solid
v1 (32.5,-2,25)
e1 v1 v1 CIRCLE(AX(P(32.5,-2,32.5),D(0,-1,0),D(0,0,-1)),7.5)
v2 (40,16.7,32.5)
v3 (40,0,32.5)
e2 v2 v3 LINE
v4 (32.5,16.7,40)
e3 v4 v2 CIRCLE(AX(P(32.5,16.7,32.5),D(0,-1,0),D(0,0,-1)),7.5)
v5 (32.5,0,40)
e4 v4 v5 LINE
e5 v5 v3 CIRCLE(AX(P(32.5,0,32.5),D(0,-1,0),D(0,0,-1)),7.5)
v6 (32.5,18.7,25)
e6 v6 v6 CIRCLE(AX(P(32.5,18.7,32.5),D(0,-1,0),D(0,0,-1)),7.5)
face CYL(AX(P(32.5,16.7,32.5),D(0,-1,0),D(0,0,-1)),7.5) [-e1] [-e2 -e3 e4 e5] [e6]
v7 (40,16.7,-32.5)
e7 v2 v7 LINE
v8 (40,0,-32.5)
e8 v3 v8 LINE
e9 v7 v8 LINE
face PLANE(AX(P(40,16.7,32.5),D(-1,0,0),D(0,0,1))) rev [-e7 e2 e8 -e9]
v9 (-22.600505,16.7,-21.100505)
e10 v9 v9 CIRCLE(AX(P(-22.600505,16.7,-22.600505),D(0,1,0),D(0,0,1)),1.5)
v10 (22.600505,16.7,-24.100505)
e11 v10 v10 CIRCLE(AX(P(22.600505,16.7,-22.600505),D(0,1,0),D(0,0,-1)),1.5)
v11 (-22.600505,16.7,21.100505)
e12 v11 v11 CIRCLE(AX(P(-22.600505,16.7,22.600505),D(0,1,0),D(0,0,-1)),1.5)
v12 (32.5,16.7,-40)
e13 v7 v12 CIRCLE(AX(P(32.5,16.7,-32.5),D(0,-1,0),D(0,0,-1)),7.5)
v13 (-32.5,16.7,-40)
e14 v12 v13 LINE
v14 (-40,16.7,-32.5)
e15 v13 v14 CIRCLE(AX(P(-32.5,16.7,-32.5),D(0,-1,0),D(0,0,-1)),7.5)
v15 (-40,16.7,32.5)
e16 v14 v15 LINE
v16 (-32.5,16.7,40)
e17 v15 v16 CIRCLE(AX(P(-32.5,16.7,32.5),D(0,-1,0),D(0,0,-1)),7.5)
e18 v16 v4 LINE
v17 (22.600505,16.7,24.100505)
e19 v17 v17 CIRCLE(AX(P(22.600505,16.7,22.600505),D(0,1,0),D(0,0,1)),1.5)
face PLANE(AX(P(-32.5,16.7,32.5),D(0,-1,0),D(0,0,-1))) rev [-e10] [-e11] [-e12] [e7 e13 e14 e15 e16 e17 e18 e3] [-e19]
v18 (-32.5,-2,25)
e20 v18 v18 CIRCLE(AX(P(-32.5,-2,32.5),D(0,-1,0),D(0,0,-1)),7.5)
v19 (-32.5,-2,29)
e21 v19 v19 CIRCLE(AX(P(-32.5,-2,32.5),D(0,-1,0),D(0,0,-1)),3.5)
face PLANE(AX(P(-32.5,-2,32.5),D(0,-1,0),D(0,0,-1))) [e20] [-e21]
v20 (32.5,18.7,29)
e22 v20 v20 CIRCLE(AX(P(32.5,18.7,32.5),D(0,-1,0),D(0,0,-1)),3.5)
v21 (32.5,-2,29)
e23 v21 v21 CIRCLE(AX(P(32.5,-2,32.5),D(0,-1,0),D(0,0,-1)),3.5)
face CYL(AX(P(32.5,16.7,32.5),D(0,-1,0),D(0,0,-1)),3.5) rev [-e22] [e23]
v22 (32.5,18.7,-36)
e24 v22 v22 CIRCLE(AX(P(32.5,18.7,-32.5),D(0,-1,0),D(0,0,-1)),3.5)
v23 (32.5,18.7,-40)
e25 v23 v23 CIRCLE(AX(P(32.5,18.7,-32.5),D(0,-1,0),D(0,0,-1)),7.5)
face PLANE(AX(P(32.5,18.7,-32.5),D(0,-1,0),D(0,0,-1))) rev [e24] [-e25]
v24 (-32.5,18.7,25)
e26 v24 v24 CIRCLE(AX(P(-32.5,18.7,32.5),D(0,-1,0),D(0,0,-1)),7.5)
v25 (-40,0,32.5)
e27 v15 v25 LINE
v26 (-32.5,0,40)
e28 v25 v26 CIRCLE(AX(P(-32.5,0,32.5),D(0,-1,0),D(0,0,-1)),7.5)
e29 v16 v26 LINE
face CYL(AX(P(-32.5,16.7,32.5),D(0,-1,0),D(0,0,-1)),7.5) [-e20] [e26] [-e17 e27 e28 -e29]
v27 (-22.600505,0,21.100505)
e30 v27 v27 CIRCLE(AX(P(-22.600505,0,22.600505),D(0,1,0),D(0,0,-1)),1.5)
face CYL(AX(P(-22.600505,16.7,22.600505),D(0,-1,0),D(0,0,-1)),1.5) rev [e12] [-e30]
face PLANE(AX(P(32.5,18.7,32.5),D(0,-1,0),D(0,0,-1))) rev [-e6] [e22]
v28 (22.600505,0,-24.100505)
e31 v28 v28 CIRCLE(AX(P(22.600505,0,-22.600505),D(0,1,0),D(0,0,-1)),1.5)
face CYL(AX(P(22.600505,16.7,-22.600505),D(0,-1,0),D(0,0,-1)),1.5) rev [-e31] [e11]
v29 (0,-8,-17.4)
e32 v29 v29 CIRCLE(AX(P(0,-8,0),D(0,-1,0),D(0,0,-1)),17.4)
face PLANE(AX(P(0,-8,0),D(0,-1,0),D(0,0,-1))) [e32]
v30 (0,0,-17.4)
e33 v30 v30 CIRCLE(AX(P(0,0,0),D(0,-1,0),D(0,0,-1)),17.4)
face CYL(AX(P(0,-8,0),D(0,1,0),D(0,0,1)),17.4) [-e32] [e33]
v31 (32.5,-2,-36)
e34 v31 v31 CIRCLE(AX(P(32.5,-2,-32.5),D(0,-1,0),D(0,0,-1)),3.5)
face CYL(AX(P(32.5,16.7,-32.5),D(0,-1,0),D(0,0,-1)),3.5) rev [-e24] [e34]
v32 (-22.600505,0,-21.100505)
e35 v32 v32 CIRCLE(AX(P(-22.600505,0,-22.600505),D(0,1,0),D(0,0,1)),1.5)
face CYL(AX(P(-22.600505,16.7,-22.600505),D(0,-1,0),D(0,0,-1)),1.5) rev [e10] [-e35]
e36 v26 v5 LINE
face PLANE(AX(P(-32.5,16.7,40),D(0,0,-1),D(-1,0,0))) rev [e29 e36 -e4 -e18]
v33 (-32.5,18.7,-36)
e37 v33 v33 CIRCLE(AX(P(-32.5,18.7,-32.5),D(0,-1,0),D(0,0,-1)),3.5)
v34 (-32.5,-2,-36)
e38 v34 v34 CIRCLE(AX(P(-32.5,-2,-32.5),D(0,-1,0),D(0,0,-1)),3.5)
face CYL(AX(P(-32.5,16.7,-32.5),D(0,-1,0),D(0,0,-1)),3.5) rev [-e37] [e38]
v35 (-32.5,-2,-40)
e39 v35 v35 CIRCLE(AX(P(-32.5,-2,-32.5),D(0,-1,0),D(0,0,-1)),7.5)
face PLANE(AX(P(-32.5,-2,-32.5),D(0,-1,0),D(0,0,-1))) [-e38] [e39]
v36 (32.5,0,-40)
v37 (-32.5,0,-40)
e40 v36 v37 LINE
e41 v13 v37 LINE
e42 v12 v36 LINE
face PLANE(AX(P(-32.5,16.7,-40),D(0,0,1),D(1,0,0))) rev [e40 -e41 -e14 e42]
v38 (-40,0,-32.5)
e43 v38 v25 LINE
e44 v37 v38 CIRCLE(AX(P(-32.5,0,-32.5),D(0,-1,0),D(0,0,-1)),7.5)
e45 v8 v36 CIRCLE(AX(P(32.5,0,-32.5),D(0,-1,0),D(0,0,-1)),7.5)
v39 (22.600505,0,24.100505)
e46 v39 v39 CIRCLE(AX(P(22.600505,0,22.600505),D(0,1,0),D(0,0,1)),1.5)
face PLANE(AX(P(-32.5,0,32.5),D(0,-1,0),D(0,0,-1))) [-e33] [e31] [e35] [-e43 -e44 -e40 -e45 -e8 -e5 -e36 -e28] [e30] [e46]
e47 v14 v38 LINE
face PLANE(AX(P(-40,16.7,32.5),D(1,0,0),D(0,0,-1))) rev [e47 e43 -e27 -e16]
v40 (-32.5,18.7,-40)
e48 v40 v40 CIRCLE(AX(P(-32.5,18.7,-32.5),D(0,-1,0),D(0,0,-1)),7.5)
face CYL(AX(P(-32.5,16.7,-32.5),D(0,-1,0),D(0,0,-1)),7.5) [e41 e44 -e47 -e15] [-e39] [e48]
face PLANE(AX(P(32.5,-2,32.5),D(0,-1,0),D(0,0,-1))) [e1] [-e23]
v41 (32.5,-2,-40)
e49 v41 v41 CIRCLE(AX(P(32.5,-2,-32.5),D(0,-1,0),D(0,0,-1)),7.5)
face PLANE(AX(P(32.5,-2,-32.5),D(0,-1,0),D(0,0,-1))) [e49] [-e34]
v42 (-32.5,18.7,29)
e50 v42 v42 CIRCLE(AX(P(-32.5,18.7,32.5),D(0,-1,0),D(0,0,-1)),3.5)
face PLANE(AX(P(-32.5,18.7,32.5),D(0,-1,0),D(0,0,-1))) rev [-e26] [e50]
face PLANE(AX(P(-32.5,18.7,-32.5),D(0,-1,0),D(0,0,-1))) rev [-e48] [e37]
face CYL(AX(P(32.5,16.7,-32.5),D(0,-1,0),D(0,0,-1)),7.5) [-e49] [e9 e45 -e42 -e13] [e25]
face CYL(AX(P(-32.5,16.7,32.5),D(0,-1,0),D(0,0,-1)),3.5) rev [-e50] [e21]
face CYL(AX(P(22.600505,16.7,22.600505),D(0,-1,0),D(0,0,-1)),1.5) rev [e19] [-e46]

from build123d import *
from build123d.topology import SkipClean

# Parameters (mm, degrees)
SKETCH1_R           = 3.5
SKETCH1_R_2         = 1.5
BOSS_EXTRUDE1_DEPTH = 16.7
SKETCH4_R           = 7.5
SKETCH4_R_2         = 3.5
BOSS_EXTRUDE5_DEPTH = 2
SKETCH5_R           = 17.4
BOSS_EXTRUDE7_DEPTH = 8
BOSS_EXTRUDE8_START = -18.7
SKETCH4_2_R         = 7.5
SKETCH4_2_R_2       = 3.5
BOSS_EXTRUDE8_DEPTH = 2


with BuildPart() as part:
    # Sketch1 → Boss-Extrude1 (new body)
    with BuildSketch(Plane(origin=(0, 0, 0), x_dir=(1, 0, 0), z_dir=(0, 1, 0))):
        with BuildLine():
            Line((-32.5, -40), (32.5, -40))
            ThreePointArc((32.5, -40), (37.803300859, -37.803300859), (40, -32.5))
            Line((40, -32.5), (40, 32.5))
            ThreePointArc((40, 32.5), (37.803300859, 37.803300859), (32.5, 40))
            Line((32.5, 40), (-32.5, 40))
            ThreePointArc((-32.5, 40), (-37.803300859, 37.803300859), (-40, 32.5))
            Line((-40, 32.5), (-40, -32.5))
            ThreePointArc((-40, -32.5), (-37.803300859, -37.803300859), (-32.5, -40))
        make_face()
        with Locations(Location((32.5, 32.5, 0), (0, 0, 270))):
            Circle(SKETCH1_R, mode=Mode.SUBTRACT)
        with Locations(Location((-32.5, -32.5, 0), (0, 0, 90))):
            Circle(SKETCH1_R, mode=Mode.SUBTRACT)
        with Locations(Location((-32.5, 32.5, 0), (0, 0, 90))):
            Circle(SKETCH1_R, mode=Mode.SUBTRACT)
        with Locations(Location((32.5, -32.5, 0), (0, 0, 270))):
            Circle(SKETCH1_R, mode=Mode.SUBTRACT)
        with Locations(Location((22.600505063, -22.600505063, 0), (0, 0, 270))):
            Circle(SKETCH1_R_2, mode=Mode.SUBTRACT)
        with Locations(Location((-22.600505063, -22.600505063, 0), (0, 0, 90))):
            Circle(SKETCH1_R_2, mode=Mode.SUBTRACT)
        with Locations(Location((-22.600505063, 22.600505063, 0), (0, 0, 270))):
            Circle(SKETCH1_R_2, mode=Mode.SUBTRACT)
        with Locations(Location((22.600505063, 22.600505063, 0), (0, 0, 90))):
            Circle(SKETCH1_R_2, mode=Mode.SUBTRACT)
    extrude(amount=BOSS_EXTRUDE1_DEPTH)

    # Sketch4 → Boss-Extrude5 (add)
    # profile 1 of 4: a face of its own
    with BuildSketch(Plane(origin=(0, 16.7, 0), x_dir=(1, 0, 0), z_dir=(0, 1, 0))):
        with Locations(Location((32.5, 32.5, 0), (0, 0, 90))):
            Circle(SKETCH4_R)
        with Locations(Location((32.5, 32.5, 0), (0, 0, 90))):
            Circle(SKETCH4_R_2, mode=Mode.SUBTRACT)
    # profile 2 of 4: a face of its own
    with BuildSketch(Plane(origin=(0, 16.7, 0), x_dir=(1, 0, 0), z_dir=(0, 1, 0))):
        with Locations(Location((32.5, -32.5, 0), (0, 0, 90))):
            Circle(SKETCH4_R)
        with Locations(Location((32.5, -32.5, 0), (0, 0, 90))):
            Circle(SKETCH4_R_2, mode=Mode.SUBTRACT)
    # profile 3 of 4: a face of its own
    with BuildSketch(Plane(origin=(0, 16.7, 0), x_dir=(1, 0, 0), z_dir=(0, 1, 0))):
        with Locations(Location((-32.5, -32.5, 0), (0, 0, 90))):
            Circle(SKETCH4_R)
        with Locations(Location((-32.5, -32.5, 0), (0, 0, 90))):
            Circle(SKETCH4_R_2, mode=Mode.SUBTRACT)
    # profile 4 of 4: a face of its own
    with BuildSketch(Plane(origin=(0, 16.7, 0), x_dir=(1, 0, 0), z_dir=(0, 1, 0))):
        with Locations(Location((-32.5, 32.5, 0), (0, 0, 90))):
            Circle(SKETCH4_R)
        with Locations(Location((-32.5, 32.5, 0), (0, 0, 90))):
            Circle(SKETCH4_R_2, mode=Mode.SUBTRACT)
    extrude(amount=BOSS_EXTRUDE5_DEPTH)

    # Sketch5 → Boss-Extrude7 (add)
    with BuildSketch(Plane.XZ):
        with Locations(Location((0, 0, 0), (0, 0, 270))):
            Circle(SKETCH5_R)
    extrude(amount=BOSS_EXTRUDE7_DEPTH)

    # Sketch4<2> → Boss-Extrude8 (add)
    # profile 1 of 4: a face of its own
    with SkipClean():  # the faces are left unmerged after this step: merging them gives an invalid solid
        with BuildSketch(Plane(origin=(0, 16.7, 0), x_dir=(1, 0, 0), z_dir=(0, 1, 0)).offset(BOSS_EXTRUDE8_START)):
            with Locations(Location((32.5, 32.5, 0), (0, 0, 90))):
                Circle(SKETCH4_2_R)
            with Locations(Location((32.5, 32.5, 0), (0, 0, 90))):
                Circle(SKETCH4_2_R_2, mode=Mode.SUBTRACT)
        # profile 2 of 4: a face of its own
        with BuildSketch(Plane(origin=(0, 16.7, 0), x_dir=(1, 0, 0), z_dir=(0, 1, 0)).offset(BOSS_EXTRUDE8_START)):
            with Locations(Location((32.5, -32.5, 0), (0, 0, 90))):
                Circle(SKETCH4_2_R)
            with Locations(Location((32.5, -32.5, 0), (0, 0, 90))):
                Circle(SKETCH4_2_R_2, mode=Mode.SUBTRACT)
        # profile 3 of 4: a face of its own
        with BuildSketch(Plane(origin=(0, 16.7, 0), x_dir=(1, 0, 0), z_dir=(0, 1, 0)).offset(BOSS_EXTRUDE8_START)):
            with Locations(Location((-32.5, -32.5, 0), (0, 0, 90))):
                Circle(SKETCH4_2_R)
            with Locations(Location((-32.5, -32.5, 0), (0, 0, 90))):
                Circle(SKETCH4_2_R_2, mode=Mode.SUBTRACT)
        # profile 4 of 4: a face of its own
        with BuildSketch(Plane(origin=(0, 16.7, 0), x_dir=(1, 0, 0), z_dir=(0, 1, 0)).offset(BOSS_EXTRUDE8_START)):
            with Locations(Location((-32.5, 32.5, 0), (0, 0, 90))):
                Circle(SKETCH4_2_R)
            with Locations(Location((-32.5, 32.5, 0), (0, 0, 90))):
                Circle(SKETCH4_2_R_2, mode=Mode.SUBTRACT)
        extrude(amount=BOSS_EXTRUDE8_DEPTH)


solid = part.part
